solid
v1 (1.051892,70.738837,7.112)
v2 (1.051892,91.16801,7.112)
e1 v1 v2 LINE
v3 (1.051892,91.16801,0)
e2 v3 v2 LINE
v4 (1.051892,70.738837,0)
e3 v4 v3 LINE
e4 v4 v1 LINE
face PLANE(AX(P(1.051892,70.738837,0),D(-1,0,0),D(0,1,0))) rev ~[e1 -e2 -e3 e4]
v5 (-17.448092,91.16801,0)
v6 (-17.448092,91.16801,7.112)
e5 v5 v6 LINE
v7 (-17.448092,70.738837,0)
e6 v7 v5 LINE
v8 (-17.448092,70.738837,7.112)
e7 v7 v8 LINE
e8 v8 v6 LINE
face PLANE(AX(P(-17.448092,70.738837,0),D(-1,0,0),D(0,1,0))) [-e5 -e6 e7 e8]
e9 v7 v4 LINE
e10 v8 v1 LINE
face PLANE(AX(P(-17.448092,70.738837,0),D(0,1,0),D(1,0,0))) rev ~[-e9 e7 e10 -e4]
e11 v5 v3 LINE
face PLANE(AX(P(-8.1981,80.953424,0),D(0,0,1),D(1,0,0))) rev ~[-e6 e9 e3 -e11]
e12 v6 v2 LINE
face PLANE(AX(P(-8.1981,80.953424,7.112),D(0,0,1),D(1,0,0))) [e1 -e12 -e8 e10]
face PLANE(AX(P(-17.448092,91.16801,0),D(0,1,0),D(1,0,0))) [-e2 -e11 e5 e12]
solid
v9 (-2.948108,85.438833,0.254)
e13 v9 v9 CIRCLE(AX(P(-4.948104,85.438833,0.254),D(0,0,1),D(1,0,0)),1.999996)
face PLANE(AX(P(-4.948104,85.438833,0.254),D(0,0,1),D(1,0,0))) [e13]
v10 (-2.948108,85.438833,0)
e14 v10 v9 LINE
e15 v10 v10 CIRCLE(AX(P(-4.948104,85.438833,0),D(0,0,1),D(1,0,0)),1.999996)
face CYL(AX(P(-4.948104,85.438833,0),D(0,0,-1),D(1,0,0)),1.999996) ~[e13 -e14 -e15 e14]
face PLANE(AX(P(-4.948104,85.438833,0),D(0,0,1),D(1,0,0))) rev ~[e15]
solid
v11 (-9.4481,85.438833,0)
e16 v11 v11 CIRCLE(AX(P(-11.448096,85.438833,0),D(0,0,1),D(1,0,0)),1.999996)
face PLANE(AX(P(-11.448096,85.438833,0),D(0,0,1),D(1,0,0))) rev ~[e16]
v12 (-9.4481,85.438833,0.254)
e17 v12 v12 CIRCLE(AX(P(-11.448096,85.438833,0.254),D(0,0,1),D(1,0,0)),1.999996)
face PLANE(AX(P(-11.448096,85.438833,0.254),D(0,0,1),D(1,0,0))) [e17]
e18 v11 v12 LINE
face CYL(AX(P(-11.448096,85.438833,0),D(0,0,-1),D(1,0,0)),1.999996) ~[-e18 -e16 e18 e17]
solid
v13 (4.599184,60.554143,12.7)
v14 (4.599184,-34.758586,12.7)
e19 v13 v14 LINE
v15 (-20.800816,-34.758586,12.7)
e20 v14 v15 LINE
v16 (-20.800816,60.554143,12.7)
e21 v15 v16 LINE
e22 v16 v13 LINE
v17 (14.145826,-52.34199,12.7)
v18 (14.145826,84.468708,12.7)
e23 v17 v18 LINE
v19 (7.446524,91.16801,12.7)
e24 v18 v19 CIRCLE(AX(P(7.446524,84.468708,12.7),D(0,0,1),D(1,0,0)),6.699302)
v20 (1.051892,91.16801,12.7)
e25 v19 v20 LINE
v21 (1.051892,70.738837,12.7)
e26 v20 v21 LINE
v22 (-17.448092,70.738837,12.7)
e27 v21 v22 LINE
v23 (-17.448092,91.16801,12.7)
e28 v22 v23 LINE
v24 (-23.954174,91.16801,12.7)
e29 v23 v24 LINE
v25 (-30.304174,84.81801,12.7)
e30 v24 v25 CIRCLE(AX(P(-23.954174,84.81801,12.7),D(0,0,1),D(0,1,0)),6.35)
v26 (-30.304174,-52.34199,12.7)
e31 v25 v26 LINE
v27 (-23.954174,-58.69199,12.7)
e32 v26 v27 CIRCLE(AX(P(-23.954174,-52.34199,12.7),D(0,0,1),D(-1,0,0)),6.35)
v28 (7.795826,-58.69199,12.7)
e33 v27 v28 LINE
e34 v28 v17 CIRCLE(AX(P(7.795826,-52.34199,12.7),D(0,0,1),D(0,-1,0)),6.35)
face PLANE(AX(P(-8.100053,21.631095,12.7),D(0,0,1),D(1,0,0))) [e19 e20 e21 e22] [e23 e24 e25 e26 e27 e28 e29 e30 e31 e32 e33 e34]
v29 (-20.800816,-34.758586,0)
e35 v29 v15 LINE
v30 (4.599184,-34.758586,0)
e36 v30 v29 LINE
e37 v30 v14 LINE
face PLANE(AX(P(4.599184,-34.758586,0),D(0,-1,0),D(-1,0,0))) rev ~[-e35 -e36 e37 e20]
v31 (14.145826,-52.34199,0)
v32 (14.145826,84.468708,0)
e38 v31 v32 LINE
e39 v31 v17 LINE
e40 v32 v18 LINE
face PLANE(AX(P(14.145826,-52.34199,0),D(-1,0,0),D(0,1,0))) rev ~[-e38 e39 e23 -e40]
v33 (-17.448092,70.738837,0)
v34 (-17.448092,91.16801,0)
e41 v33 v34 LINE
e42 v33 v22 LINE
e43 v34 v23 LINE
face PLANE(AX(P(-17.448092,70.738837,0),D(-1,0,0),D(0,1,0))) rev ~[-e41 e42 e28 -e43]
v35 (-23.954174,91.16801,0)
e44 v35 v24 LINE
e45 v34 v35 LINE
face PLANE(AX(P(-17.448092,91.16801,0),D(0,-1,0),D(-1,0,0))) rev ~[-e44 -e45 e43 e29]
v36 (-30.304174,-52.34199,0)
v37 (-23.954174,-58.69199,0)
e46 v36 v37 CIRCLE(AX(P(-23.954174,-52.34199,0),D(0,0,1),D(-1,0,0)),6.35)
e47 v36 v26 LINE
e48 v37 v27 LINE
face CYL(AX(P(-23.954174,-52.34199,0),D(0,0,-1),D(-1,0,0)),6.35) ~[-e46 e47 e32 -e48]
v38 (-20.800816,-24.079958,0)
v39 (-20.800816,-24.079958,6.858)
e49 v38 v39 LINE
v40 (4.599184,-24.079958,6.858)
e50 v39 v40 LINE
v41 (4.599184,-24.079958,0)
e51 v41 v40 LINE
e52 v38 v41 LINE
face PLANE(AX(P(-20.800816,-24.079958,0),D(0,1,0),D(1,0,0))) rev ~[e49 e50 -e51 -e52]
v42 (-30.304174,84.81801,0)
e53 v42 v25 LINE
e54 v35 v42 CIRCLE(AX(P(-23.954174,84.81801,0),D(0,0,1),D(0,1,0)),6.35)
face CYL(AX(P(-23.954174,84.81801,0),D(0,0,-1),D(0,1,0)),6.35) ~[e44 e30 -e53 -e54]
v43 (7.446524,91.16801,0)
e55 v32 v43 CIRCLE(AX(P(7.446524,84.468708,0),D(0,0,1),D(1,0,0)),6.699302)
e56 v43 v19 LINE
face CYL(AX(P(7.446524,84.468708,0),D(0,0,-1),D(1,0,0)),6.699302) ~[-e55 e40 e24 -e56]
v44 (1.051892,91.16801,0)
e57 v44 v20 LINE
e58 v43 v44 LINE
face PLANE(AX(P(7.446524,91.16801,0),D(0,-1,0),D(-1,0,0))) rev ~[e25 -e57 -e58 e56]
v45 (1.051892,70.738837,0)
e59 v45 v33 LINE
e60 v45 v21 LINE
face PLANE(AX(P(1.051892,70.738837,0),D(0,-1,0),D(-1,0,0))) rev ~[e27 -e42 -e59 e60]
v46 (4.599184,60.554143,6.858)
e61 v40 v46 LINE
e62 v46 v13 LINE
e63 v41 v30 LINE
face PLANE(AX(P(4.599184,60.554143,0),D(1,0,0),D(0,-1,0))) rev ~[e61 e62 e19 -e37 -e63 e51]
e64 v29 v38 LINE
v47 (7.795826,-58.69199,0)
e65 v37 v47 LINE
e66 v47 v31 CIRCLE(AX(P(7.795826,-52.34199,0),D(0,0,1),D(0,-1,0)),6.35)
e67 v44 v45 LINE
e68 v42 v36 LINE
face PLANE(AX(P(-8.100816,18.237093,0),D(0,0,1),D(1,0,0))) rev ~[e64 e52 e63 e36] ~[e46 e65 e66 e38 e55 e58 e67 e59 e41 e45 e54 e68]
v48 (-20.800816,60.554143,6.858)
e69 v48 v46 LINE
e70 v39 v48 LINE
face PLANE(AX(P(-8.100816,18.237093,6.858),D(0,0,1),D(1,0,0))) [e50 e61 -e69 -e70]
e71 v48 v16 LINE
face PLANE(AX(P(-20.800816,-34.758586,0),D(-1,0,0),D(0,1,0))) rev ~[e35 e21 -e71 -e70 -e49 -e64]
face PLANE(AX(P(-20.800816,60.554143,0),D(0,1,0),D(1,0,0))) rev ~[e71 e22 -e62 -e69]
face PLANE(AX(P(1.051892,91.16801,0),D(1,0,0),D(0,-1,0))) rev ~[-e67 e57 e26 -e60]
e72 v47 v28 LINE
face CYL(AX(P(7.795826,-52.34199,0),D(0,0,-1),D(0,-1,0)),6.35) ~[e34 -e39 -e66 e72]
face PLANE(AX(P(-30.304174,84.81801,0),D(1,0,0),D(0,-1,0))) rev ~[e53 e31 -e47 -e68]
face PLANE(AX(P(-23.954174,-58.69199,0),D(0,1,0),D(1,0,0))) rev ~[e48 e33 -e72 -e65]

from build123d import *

# Parameters (mm, degrees)
F1_DEPTH = 12.7
F0_R     = 1.999996
F2_DEPTH = 0.254
F0_W     = 25.4
F0_H     = 84.6341010183
F3_DEPTH = 6.858
F0_W_2   = 18.49998408
F0_H_2   = 20.4291737289
F4_DEPTH = 7.112


with BuildPart() as f1:
    # F0 (on Top) → F1 (new body)
    with BuildSketch(Plane.XY):
        with BuildLine():
            Line((-17.4480918804, 91.1680103695), (-23.9541744344, 91.1680103695))
            ThreePointArc((-23.9541744344, 91.1680103695), (-28.4443024949, 89.3081384301), (-30.3041744344, 84.8180103695))
            Line((-30.3041744344, 84.8180103695), (-30.3041744344, -52.3419896305))
            ThreePointArc((-30.3041744344, -52.3419896305), (-28.4443024949, -56.832117691), (-23.9541744344, -58.6919896305))
            Line((-23.9541744344, -58.6919896305), (7.7958255656, -58.6919896305))
            ThreePointArc((7.7958255656, -58.6919896305), (12.2859536261, -56.832117691), (14.1458255656, -52.3419896305))
            Line((14.1458255656, -52.3419896305), (14.1458255656, 84.4687083243))
            ThreePointArc((14.1458255656, 84.4687083243), (12.1836454258, 89.2058302297), (7.4465235204, 91.1680103695))
            Line((7.4465235204, 91.1680103695), (1.0518921996, 91.1680103695))
            Line((1.0518921996, 91.1680103695), (1.0518921996, 70.7388366406))
            Line((1.0518921996, 70.7388366406), (-17.4480918804, 70.7388366406))
            Line((-17.4480918804, 70.7388366406), (-17.4480918804, 91.1680103695))
        make_face()
        Polygon((4.5991841048, -34.7585864365), (-20.8008158952, -34.7585864365), (-20.8008158952, -24.0799579769), (-20.8008158952, 60.5541430414), (4.5991841048, 60.5541430414), (4.5991841048, -24.0799579769), align=None, mode=Mode.SUBTRACT)
    extrude(amount=F1_DEPTH)

    # F0 (on Top) → F3 (join)
    with BuildSketch(Plane.XY):
        with Locations((-8.1008158952, 18.2370925322)):
            Rectangle(F0_W, F0_H)
    extrude(amount=F3_DEPTH)


with BuildPart() as f2:
    # F0 (on Top) → F2 (new body)
    with BuildSketch(Plane.XY):
        with Locations((-4.9481038004, 85.4388326406)):
            Circle(F0_R)
    extrude(amount=F2_DEPTH)


with BuildPart() as f2b:
    # F0 (on Top) → F2, piece 2 (new body)
    with BuildSketch(Plane.XY):
        with Locations((-11.4480958804, 85.4388326406)):
            Circle(F0_R)
    extrude(amount=F2_DEPTH)


with BuildPart() as f4:
    # F0 (on Top) → F4 (new body)
    with BuildSketch(Plane.XY):
        with Locations((-8.1980998404, 80.9534235051)):
            Rectangle(F0_W_2, F0_H_2)
        with Locations((-11.4480958804, 85.4388326406)):
            Circle(F0_R, mode=Mode.SUBTRACT)
        with Locations((-4.9481038004, 85.4388326406)):
            Circle(F0_R, mode=Mode.SUBTRACT)
        with Locations((-11.4480958804, 85.4388326406)):
            Circle(F0_R)
        with Locations((-4.9481038004, 85.4388326406)):
            Circle(F0_R)
    extrude(amount=F4_DEPTH)


solid = Compound([f1.part, f2.part, f2b.part, f4.part])
